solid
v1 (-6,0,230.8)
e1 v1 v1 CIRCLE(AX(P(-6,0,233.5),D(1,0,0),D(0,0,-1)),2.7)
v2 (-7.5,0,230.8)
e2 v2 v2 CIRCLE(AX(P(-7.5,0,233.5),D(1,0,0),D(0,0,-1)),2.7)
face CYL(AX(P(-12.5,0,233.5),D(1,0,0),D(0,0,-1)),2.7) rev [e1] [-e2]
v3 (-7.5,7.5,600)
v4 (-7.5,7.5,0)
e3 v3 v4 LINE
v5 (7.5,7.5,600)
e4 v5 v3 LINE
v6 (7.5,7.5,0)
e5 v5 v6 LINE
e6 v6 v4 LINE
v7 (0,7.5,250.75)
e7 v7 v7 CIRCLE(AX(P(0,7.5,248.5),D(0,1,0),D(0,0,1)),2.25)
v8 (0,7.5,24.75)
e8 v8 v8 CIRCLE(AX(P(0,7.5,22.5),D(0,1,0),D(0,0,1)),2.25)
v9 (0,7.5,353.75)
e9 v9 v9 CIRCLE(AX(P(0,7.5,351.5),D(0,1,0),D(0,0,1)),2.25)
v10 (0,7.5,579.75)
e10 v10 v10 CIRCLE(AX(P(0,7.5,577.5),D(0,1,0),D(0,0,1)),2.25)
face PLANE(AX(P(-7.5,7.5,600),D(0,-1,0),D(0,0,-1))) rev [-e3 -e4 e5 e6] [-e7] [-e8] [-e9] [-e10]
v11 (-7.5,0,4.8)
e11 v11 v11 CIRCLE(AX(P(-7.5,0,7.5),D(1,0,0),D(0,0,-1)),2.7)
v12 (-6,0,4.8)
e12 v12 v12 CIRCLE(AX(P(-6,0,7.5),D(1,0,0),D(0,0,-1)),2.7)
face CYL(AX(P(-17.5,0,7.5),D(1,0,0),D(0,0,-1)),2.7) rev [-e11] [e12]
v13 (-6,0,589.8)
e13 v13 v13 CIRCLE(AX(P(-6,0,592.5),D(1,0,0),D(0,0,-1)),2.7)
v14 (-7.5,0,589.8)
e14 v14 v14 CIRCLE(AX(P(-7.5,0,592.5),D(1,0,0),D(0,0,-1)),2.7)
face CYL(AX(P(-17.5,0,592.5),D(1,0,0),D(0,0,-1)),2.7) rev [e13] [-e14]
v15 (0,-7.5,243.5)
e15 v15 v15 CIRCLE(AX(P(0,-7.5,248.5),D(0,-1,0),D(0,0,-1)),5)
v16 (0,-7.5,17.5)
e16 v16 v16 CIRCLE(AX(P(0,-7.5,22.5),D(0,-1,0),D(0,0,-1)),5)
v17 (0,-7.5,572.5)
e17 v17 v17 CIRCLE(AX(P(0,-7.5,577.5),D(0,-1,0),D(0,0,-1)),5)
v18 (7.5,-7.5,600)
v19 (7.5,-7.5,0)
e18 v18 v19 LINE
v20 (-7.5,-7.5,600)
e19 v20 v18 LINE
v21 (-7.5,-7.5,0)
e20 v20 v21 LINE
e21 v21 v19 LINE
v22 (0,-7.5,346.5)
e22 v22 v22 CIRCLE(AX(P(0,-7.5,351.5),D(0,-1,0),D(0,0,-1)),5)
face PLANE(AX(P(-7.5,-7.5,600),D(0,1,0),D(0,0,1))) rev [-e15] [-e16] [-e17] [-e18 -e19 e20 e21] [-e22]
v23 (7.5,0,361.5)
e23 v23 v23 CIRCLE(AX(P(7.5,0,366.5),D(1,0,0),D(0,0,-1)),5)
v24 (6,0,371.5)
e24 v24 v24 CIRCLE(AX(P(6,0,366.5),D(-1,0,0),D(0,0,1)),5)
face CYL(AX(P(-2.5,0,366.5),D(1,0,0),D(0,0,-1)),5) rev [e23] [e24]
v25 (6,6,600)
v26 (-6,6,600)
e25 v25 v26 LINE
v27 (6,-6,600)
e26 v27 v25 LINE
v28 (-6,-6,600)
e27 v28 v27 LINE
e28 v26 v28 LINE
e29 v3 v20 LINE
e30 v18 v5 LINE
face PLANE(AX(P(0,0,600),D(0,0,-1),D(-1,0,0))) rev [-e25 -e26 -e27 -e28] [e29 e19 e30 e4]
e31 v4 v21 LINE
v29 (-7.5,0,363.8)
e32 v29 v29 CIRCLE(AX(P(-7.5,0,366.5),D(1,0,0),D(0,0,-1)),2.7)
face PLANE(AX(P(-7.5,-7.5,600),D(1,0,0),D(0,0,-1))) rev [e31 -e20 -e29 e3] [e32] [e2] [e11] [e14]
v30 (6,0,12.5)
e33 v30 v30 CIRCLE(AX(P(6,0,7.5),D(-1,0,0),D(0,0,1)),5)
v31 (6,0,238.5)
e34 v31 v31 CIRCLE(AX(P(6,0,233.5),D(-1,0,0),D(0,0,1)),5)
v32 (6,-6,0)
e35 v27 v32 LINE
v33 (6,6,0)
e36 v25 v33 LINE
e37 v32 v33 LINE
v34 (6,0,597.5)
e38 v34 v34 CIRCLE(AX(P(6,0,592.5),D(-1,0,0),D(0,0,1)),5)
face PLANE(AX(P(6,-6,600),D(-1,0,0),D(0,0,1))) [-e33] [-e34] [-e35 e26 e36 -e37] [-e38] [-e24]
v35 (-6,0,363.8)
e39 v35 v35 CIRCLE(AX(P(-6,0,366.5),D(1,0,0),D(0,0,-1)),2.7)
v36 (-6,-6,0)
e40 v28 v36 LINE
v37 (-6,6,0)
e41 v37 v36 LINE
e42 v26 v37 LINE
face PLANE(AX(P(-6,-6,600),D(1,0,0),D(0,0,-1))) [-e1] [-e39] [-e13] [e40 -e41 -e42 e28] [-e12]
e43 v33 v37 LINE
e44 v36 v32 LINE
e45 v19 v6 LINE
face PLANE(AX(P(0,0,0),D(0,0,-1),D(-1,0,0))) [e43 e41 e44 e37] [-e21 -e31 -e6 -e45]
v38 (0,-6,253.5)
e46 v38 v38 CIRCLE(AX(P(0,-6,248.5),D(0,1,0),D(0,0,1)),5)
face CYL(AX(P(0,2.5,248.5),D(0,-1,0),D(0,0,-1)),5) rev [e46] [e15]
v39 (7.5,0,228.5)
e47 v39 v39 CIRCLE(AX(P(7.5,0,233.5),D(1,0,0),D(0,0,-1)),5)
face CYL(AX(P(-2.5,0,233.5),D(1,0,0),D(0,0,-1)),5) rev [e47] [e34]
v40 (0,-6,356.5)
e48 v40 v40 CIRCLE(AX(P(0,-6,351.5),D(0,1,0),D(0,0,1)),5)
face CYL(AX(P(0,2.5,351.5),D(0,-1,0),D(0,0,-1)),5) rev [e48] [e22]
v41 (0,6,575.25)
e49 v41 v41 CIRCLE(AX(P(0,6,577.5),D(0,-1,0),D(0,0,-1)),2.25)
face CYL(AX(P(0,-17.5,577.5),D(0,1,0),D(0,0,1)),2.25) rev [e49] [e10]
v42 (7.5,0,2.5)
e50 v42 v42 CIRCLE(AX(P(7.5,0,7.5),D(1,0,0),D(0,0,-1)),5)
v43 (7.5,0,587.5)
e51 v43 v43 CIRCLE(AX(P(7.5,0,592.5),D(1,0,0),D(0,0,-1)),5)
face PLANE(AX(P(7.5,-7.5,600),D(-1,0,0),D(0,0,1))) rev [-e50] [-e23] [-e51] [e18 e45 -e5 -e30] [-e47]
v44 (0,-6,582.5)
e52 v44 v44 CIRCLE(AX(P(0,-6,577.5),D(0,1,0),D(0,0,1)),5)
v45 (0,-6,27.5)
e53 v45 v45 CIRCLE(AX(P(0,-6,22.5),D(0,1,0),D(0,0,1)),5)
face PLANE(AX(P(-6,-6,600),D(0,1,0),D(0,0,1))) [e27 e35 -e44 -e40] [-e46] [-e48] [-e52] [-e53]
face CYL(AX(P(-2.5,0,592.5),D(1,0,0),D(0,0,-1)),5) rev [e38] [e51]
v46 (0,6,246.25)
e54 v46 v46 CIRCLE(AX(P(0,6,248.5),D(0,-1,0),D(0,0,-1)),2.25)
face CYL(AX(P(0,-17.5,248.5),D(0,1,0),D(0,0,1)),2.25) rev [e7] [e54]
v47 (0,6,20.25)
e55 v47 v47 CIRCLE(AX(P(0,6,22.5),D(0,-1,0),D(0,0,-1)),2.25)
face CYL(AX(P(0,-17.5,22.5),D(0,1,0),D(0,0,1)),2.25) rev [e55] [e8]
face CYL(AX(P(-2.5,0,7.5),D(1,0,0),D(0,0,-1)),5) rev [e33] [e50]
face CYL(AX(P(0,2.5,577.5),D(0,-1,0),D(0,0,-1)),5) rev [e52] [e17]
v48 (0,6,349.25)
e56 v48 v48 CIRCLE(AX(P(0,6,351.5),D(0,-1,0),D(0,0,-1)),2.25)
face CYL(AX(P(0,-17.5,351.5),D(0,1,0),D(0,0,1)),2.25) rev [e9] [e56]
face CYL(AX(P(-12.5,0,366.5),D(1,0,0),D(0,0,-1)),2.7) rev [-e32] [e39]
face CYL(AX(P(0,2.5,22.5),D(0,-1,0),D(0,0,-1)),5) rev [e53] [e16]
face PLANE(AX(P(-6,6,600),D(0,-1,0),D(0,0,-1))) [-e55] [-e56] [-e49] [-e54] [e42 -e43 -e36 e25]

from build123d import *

# Parameters (mm, degrees)
SKETCH_1_W          = 15
SKETCH_1_H          = 15
SKETCH_1_W_2        = 12
SKETCH_1_H_2        = 12
EXTRUDE_1_DEPTH     = 600
SKETCH_2_R          = 2.7
CUT_EXTRUDE_1_DEPTH = 25
SKETCH_3_R          = 2.25
CUT_EXTRUDE_2_DEPTH = 25
SKETCH_4_R          = 2.7
CUT_EXTRUDE_3_DEPTH = 20
SKETCH_5_R          = 5
CUT_EXTRUDE_4_DEPTH = 10
SKETCH_6_R          = 5
CUT_EXTRUDE_5_DEPTH = 10


with BuildPart() as part:
    # ｽｹｯﾁ1 → ﾎﾞｽ - 押し出し1 (new body)
    with BuildSketch(Plane.XY):
        Rectangle(SKETCH_1_W, SKETCH_1_H)
        Rectangle(SKETCH_1_W_2, SKETCH_1_H_2, mode=Mode.SUBTRACT)
    extrude(amount=EXTRUDE_1_DEPTH)

    # ｽｹｯﾁ2 → ｶｯﾄ - 押し出し1 (cut)
    with BuildSketch(Plane(origin=(7.5, 0, 0), x_dir=(0, 0, -1), z_dir=(1, 0, 0))):
        with Locations((-592.5, 0)):
            Circle(SKETCH_2_R)
        with Locations((-7.5, 0)):
            Circle(SKETCH_2_R)
    extrude(amount=-CUT_EXTRUDE_1_DEPTH, mode=Mode.SUBTRACT)

    # ｽｹｯﾁ3 → ｶｯﾄ - 押し出し2 (cut)
    with BuildSketch(Plane(origin=(0, 7.5, 0), x_dir=(1, 0, 0), z_dir=(0, 1, 0))):
        with Locations((0, -22.5)):
            Circle(SKETCH_3_R)
        with Locations((0, -577.5)):
            Circle(SKETCH_3_R)
        with Locations((0, -248.5)):
            Circle(SKETCH_3_R)
        with Locations((0, -351.5)):
            Circle(SKETCH_3_R)
    extrude(amount=-CUT_EXTRUDE_2_DEPTH, mode=Mode.SUBTRACT)

    # ｽｹｯﾁ4 → ｶｯﾄ - 押し出し3 (cut)
    with BuildSketch(Plane(origin=(7.5, 0, 0), x_dir=(0, 0, -1), z_dir=(1, 0, 0))):
        with Locations((-366.5, 0)):
            Circle(SKETCH_4_R)
        with Locations((-233.5, 0)):
            Circle(SKETCH_4_R)
    extrude(amount=-CUT_EXTRUDE_3_DEPTH, mode=Mode.SUBTRACT)

    # ｽｹｯﾁ5 → ｶｯﾄ - 押し出し4 (cut)
    with BuildSketch(Plane(origin=(7.5, 0, 0), x_dir=(0, 0, -1), z_dir=(1, 0, 0))):
        with Locations((-592.5, 0)):
            Circle(SKETCH_5_R)
        with Locations((-366.5, 0)):
            Circle(SKETCH_5_R)
        with Locations((-233.5, 0)):
            Circle(SKETCH_5_R)
        with Locations((-7.5, 0)):
            Circle(SKETCH_5_R)
    extrude(amount=-CUT_EXTRUDE_4_DEPTH, mode=Mode.SUBTRACT)

    # ｽｹｯﾁ6 → ｶｯﾄ - 押し出し5 (cut)
    with BuildSketch(Plane(origin=(0, -7.5, 0), x_dir=(-1, 0, 0), z_dir=(0, -1, 0))):
        with Locations((0, -577.5)):
            Circle(SKETCH_6_R)
        with Locations((0, -22.5)):
            Circle(SKETCH_6_R)
        with Locations((0, -248.5)):
            Circle(SKETCH_6_R)
        with Locations((0, -351.5)):
            Circle(SKETCH_6_R)
    extrude(amount=-CUT_EXTRUDE_5_DEPTH, mode=Mode.SUBTRACT)


solid = part.part
